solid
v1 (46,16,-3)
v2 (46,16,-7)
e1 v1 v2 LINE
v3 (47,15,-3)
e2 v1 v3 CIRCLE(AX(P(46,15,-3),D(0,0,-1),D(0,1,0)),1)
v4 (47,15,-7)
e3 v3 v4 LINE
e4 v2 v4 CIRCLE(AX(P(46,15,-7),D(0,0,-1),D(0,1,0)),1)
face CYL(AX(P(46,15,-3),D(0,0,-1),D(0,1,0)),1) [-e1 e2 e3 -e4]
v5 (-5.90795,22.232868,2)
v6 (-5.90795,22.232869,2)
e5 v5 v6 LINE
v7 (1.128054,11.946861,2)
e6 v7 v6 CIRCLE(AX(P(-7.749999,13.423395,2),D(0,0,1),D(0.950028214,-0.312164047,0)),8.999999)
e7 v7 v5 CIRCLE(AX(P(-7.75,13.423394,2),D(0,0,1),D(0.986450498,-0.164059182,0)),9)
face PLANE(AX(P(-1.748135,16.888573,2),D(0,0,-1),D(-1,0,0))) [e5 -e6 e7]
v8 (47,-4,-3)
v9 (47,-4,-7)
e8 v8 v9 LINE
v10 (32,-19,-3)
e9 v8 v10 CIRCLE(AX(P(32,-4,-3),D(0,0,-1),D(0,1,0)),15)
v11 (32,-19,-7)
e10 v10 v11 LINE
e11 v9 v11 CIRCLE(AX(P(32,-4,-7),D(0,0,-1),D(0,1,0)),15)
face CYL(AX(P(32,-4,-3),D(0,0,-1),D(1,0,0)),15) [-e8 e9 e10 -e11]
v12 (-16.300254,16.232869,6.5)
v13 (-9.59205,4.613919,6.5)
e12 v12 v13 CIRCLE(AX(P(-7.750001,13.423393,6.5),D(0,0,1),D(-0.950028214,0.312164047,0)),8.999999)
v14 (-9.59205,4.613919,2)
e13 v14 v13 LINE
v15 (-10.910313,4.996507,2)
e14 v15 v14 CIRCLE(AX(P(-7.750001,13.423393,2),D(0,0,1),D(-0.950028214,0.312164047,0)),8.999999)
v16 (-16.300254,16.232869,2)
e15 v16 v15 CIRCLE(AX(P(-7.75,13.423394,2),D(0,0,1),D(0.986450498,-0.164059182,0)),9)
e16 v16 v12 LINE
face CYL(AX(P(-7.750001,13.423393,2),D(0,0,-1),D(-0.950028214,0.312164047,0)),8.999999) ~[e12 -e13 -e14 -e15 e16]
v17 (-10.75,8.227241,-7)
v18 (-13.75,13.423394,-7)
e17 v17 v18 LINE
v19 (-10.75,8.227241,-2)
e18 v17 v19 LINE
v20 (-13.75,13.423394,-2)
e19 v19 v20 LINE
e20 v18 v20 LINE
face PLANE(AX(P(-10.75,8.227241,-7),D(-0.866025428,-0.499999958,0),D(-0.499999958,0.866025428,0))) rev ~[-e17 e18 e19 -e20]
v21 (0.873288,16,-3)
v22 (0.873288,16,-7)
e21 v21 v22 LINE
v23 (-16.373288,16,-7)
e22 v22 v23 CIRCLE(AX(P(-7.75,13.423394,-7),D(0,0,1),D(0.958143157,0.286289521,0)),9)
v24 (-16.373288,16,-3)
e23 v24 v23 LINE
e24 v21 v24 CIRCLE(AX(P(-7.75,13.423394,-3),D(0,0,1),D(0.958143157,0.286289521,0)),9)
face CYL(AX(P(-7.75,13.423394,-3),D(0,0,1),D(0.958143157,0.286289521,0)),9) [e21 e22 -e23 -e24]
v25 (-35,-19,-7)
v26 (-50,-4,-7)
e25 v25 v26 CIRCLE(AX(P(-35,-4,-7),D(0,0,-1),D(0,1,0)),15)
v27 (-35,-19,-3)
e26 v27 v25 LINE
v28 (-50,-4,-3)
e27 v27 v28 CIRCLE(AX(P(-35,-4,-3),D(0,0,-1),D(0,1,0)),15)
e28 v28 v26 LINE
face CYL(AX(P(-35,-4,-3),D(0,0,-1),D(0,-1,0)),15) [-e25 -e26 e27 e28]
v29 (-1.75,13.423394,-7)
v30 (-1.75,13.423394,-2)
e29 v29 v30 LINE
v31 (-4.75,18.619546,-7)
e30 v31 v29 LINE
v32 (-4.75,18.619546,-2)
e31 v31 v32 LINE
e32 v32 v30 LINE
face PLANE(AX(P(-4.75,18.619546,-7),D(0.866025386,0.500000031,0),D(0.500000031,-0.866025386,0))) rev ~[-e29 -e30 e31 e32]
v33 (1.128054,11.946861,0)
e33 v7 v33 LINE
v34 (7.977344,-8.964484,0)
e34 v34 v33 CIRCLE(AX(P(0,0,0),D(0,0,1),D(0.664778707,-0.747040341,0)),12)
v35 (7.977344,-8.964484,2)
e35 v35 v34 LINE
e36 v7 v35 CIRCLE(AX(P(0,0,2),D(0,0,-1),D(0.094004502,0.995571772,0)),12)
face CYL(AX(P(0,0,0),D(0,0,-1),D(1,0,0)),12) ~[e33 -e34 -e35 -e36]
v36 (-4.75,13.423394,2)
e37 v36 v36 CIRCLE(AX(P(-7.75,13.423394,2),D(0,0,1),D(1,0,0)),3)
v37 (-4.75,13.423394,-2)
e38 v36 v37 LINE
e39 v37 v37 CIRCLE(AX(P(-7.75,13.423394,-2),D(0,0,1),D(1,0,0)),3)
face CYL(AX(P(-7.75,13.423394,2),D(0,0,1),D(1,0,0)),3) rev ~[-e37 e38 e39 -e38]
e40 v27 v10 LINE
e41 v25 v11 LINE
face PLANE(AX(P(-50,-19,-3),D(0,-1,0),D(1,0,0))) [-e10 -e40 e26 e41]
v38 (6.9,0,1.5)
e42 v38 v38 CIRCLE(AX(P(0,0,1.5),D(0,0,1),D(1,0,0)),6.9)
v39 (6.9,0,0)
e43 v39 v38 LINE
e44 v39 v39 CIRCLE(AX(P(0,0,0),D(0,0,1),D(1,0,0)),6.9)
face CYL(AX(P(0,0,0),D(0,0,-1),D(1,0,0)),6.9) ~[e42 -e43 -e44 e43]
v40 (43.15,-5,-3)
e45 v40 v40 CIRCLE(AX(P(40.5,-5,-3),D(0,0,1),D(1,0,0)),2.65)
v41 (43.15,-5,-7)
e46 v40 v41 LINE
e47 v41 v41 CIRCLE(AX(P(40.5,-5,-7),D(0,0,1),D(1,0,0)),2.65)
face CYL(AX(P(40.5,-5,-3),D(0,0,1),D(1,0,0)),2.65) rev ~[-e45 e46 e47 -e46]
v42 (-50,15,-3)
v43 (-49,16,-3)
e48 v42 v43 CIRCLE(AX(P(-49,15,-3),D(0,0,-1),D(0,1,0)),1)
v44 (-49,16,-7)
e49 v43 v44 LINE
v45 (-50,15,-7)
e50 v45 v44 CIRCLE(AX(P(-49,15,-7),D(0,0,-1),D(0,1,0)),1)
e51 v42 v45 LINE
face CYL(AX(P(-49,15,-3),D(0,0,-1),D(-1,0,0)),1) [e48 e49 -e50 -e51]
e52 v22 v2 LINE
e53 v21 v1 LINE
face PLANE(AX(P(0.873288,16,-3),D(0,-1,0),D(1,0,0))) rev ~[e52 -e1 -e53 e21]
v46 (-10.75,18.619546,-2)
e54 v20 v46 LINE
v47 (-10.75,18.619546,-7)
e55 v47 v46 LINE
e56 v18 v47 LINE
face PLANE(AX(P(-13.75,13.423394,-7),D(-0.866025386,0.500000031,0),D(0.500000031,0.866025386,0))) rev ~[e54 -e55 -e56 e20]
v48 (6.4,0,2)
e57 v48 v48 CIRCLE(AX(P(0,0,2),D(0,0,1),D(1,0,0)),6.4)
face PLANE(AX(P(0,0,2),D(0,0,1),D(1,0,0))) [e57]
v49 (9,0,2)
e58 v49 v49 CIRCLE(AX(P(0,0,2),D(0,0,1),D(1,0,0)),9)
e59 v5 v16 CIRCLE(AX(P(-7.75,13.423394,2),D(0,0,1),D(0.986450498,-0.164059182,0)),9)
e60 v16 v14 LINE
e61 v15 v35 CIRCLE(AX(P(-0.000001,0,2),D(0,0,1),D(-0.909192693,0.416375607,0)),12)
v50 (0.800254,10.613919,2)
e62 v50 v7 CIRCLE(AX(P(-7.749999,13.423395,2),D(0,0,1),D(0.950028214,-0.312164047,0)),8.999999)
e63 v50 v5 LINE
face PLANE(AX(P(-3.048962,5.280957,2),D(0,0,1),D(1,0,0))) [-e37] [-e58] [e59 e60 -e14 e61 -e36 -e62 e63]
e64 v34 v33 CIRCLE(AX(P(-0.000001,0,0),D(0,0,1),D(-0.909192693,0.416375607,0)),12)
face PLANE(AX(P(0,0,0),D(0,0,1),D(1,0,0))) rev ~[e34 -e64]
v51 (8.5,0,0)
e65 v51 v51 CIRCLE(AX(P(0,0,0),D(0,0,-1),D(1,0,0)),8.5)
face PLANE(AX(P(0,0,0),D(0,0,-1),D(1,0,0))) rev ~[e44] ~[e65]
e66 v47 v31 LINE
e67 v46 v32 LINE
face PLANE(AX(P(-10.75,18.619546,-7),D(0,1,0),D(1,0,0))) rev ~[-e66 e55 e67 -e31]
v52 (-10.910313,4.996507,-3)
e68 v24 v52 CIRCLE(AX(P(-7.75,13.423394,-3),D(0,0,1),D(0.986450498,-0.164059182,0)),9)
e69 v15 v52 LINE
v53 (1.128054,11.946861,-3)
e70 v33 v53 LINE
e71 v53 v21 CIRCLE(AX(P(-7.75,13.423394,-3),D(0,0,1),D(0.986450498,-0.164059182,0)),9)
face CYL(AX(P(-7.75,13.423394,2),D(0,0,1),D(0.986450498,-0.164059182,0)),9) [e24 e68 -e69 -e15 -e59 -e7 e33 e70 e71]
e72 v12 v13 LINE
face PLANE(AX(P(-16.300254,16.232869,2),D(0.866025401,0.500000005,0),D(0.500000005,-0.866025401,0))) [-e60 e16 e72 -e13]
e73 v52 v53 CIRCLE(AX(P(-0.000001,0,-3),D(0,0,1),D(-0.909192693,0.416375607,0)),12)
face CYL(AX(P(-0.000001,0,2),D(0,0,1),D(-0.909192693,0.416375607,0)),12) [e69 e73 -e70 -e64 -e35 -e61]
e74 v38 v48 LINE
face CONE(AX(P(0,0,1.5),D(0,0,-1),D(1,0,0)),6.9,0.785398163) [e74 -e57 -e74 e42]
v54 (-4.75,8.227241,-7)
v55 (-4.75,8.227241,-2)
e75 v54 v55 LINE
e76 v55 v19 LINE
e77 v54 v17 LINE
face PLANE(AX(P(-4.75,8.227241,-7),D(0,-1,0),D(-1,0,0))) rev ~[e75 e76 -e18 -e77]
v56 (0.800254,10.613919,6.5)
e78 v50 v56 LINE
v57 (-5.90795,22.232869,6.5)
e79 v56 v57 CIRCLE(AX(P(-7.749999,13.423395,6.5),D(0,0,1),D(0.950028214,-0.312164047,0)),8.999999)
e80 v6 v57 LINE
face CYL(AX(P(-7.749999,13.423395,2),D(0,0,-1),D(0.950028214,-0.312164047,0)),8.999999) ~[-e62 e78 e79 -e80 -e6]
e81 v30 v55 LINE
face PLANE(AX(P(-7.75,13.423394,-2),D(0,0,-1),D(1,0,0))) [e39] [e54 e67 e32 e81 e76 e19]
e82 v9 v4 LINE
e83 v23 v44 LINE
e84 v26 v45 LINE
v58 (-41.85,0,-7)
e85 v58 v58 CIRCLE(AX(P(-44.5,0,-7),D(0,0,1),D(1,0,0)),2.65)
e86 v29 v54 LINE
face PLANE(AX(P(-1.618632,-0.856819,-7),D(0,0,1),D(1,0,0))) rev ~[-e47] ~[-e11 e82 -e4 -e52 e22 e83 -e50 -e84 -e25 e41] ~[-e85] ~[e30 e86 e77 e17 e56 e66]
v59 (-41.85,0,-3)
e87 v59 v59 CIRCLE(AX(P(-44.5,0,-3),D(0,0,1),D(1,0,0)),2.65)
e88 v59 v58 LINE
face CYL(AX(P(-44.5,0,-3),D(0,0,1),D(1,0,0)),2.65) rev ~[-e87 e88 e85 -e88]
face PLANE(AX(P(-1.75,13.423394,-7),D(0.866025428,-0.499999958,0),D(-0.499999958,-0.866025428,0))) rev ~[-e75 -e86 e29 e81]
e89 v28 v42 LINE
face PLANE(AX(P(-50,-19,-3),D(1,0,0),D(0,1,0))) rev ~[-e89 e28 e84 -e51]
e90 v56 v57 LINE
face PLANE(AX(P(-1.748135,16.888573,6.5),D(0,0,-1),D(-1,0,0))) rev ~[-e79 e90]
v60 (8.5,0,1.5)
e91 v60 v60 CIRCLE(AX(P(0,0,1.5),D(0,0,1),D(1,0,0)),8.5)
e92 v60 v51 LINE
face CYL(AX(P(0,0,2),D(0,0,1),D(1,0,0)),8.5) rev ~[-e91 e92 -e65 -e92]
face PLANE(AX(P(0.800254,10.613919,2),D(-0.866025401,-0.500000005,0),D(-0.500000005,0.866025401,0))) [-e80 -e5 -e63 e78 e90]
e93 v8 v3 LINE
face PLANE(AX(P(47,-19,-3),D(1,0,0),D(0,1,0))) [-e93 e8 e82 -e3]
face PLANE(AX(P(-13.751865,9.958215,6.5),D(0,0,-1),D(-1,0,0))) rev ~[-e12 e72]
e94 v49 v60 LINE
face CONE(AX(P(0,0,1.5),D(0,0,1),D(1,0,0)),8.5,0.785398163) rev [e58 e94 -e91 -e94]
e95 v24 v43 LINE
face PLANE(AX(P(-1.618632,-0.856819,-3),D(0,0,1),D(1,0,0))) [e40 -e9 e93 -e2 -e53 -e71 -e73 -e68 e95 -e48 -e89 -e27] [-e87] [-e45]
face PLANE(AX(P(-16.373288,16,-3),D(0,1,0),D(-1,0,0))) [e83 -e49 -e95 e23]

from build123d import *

# Parameters (mm, degrees)
SKETCH_R        = 12
SKETCH_R_2      = 8.5
PAD_DEPTH       = 2
SKETCH001_R     = 8.5
SKETCH001_R_2   = 3
PAD001_DEPTH    = 5
SKETCH002_R     = 8.5
PAD002_DEPTH    = 3
SKETCH003_R     = 6.9
PAD003_DEPTH    = 2
PAD004_DEPTH    = 4.5
SKETCH006_R     = 3
POCKET_DEPTH    = 5
SKETCH005_R     = 2.65
PAD005_DEPTH    = 4
POCKET001_DEPTH = 5
CHAMFER_SIZE    = 0.5
FILLET_R        = 1
FILLET001_R     = 15


with BuildPart() as part:
    # Sketch → Pad (new body)
    with BuildSketch(Plane.XY):
        Circle(SKETCH_R)
        Circle(SKETCH_R_2, mode=Mode.SUBTRACT)
    extrude(amount=PAD_DEPTH)

    # Sketch001 (on Face4 of Pad) → Pad001 (join)
    with BuildSketch(Plane.XY.offset(2)):
        with BuildLine():
            ThreePointArc((1.128054, 11.946861), (-12.25, 21.217622), (-10.910313, 4.996507))
            ThreePointArc((-10.910313, 4.996507), (6, -10.392305), (1.128054, 11.946861))
        make_face()
        Circle(SKETCH001_R, mode=Mode.SUBTRACT)
        with Locations((-7.75, 13.423394)):
            Circle(SKETCH001_R_2, mode=Mode.SUBTRACT)
    extrude(amount=-PAD001_DEPTH)

    # Sketch002 (on Face6 of Pad001) → Pad002 (join)
    with BuildSketch(Plane(origin=(0, 0, -3), x_dir=(1, 0, 0), z_dir=(0, 0, -1))):
        Circle(SKETCH002_R)
    extrude(amount=-PAD002_DEPTH)

    # Sketch003 (on Face11 of Pad002) → Pad003 (join)
    with BuildSketch(Plane.XY):
        Circle(SKETCH003_R)
    extrude(amount=PAD003_DEPTH)

    # Sketch004 (on Face7 of Pad003) → Pad004 (join)
    with BuildSketch(Plane.XY.offset(2)):
        with BuildLine():
            Line((-16.300254, 16.232869), (-9.59205, 4.613919))
            ThreePointArc((-16.300254, 16.232869), (-15.544229, 8.923394), (-9.59205, 4.613919))
        make_face()
        with BuildLine():
            Line((0.800254, 10.613919), (-5.90795, 22.232869))
            ThreePointArc((0.800254, 10.613919), (0.044229, 17.923394), (-5.90795, 22.232869))
        make_face()
    extrude(amount=PAD004_DEPTH)

    # Sketch006 → Pocket (cut)
    with BuildSketch(Plane.XY.offset(-3)):
        with Locations((-7.75, 13.423394)):
            Circle(SKETCH006_R)
    extrude(amount=-POCKET_DEPTH, mode=Mode.SUBTRACT)

    # Sketch005 (on Face19 of Pad004) → Pad005 (join)
    with BuildSketch(Plane.XY.offset(-3)):
        with BuildLine():
            ThreePointArc((0.873288, 16), (-7.75, 22.423394), (-16.373288, 16))
            Line((-16.373288, 16), (-50, 16))
            Line((-50, -19), (-50, 16))
            Line((-50, -19), (47, -19))
            Line((47, -19), (47, 16))
            Line((0.873288, 16), (47, 16))
        make_face()
        with Locations((-44.5, 0)):
            Circle(SKETCH005_R, mode=Mode.SUBTRACT)
        with Locations((40.5, -5)):
            Circle(SKETCH005_R, mode=Mode.SUBTRACT)
    extrude(amount=-PAD005_DEPTH)

    # Sketch008 (on Face24 of Pad005) → Pocket001 (cut)
    with BuildSketch(Plane(origin=(0, 0, -7), x_dir=(1, 0, 0), z_dir=(0, 0, -1))):
        Polygon((-4.75, -8.227241), (-10.75, -8.227241), (-13.75, -13.423394), (-10.75, -18.619546), (-4.75, -18.619546), (-1.75, -13.423394), align=None)
    extrude(amount=-POCKET001_DEPTH, mode=Mode.SUBTRACT)

    # Chamfer
    chamfer_edges = [part.edges().sort_by_distance(p)[0] for p in [
        (-6.9, 0, 2),
        (-8.5, 0, 2),
    ]]
    chamfer(chamfer_edges, length=CHAMFER_SIZE)

    # Fillet
    fillet_edges = [part.edges().sort_by_distance(p)[0] for p in [
        (-50, 16, -5),
        (47, 16, -5),
    ]]
    fillet(fillet_edges, radius=FILLET_R)

    # Fillet001
    fillet001_edges = [part.edges().sort_by_distance(p)[0] for p in [
        (-50, -19, -5),
        (47, -19, -5),
    ]]
    fillet(fillet001_edges, radius=FILLET001_R)


solid = part.part
